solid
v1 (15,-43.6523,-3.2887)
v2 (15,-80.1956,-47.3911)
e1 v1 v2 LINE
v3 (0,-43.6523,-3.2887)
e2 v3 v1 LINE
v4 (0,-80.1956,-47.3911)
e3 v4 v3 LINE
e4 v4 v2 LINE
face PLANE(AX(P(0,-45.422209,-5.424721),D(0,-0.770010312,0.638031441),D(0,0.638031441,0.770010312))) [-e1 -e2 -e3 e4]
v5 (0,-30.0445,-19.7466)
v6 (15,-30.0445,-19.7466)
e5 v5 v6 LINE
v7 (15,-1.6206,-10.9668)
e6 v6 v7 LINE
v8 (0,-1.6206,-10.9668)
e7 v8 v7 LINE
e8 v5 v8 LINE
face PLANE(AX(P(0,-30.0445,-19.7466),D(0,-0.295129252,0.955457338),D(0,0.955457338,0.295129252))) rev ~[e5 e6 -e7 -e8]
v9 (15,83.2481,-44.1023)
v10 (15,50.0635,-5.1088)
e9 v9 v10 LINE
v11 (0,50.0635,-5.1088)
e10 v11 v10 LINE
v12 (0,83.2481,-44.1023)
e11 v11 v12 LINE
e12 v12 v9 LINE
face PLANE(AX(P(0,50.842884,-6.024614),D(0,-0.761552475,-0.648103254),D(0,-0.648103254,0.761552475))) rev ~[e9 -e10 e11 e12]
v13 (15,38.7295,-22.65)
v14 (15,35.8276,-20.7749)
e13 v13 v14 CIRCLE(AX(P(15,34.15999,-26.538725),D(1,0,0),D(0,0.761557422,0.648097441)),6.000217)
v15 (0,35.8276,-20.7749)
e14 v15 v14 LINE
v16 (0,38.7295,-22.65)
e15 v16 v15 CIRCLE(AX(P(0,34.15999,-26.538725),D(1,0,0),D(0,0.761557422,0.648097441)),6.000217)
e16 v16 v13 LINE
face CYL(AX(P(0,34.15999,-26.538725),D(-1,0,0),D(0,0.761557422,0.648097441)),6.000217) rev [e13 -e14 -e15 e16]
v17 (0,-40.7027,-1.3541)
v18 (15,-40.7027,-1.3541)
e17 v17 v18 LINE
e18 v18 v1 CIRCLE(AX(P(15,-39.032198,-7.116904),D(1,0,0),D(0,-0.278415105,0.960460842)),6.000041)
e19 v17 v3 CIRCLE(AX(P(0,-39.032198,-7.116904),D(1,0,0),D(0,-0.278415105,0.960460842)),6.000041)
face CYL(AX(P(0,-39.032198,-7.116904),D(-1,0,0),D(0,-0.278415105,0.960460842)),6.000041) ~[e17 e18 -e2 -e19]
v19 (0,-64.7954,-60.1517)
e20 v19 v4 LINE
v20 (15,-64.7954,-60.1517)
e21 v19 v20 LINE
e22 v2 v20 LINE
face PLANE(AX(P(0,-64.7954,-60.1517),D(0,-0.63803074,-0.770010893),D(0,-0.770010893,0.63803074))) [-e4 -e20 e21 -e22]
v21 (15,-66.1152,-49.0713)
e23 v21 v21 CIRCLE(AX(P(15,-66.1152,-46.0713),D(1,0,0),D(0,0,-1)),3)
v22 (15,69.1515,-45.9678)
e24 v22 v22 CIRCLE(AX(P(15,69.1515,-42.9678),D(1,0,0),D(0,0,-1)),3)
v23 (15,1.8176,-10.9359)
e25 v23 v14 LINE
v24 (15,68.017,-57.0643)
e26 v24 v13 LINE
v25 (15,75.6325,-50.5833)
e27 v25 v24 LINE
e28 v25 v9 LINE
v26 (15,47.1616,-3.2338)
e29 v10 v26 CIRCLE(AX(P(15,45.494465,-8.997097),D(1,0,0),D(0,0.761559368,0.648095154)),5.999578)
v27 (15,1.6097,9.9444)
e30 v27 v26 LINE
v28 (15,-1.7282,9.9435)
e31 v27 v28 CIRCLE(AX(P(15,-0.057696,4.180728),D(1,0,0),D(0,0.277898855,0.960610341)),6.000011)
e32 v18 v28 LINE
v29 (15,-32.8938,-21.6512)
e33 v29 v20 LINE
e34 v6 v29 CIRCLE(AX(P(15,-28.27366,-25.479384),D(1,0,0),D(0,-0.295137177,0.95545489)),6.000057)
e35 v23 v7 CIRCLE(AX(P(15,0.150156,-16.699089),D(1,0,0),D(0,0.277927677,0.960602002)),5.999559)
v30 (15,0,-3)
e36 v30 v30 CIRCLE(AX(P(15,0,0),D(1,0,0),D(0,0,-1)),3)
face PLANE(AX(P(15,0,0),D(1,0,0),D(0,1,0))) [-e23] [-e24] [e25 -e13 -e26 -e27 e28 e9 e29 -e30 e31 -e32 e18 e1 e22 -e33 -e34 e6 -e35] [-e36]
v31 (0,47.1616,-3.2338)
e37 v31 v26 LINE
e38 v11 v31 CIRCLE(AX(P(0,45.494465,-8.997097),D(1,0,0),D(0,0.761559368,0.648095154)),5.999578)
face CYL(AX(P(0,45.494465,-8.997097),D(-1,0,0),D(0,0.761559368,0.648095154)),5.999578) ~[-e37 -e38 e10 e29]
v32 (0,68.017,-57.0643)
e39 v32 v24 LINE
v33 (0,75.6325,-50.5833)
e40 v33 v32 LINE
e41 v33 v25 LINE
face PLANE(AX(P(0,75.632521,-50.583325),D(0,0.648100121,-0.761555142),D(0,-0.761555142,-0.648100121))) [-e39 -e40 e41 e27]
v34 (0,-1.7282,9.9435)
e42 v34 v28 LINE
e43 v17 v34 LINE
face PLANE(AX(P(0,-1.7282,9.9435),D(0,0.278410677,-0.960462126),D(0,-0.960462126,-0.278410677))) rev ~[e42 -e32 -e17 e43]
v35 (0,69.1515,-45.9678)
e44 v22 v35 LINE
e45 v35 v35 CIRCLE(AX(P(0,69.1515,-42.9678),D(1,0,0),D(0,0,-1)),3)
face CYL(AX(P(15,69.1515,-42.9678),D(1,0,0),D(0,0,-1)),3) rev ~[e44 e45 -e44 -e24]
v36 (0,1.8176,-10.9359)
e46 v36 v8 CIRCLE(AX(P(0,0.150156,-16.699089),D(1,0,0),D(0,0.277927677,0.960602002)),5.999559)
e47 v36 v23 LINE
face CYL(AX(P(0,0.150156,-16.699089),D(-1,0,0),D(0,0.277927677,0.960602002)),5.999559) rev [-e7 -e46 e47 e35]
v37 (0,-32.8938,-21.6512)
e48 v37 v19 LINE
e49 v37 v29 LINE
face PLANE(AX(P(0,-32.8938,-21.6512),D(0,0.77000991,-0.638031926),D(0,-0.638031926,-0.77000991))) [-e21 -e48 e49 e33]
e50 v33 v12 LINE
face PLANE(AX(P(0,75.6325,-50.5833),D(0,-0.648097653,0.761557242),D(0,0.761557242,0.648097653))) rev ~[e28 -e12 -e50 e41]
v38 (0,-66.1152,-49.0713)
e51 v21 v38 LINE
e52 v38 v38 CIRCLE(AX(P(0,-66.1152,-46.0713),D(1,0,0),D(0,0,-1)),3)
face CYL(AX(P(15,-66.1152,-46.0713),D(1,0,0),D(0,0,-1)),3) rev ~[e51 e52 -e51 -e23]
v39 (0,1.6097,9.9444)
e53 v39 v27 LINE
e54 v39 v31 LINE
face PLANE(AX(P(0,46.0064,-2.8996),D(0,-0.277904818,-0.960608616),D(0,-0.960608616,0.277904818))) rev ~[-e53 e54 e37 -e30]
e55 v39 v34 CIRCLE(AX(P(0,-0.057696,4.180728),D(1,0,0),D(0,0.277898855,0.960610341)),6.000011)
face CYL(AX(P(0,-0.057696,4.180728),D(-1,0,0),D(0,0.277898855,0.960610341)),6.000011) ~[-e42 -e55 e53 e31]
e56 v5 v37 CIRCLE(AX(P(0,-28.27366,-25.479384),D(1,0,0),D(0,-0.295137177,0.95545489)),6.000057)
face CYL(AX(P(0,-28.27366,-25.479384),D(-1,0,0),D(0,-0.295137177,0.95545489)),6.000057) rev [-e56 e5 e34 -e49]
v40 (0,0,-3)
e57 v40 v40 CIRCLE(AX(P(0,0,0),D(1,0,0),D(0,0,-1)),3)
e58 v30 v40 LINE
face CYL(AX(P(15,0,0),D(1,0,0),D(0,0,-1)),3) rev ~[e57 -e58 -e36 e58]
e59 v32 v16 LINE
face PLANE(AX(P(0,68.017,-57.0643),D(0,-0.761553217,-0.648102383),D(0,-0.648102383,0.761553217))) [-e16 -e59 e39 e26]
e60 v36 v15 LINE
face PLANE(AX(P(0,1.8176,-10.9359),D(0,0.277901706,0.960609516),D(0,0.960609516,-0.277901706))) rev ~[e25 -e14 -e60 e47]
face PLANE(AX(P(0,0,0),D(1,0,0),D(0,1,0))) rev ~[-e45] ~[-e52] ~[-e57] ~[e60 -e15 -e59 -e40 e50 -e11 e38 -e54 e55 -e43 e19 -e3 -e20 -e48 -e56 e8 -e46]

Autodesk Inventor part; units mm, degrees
ref_plane "YZ Plane" through (0, 0, 0) normal (1, 0, 0) x (0, 1, 0)
ref_plane "XZ Plane" through (0, 0, 0) normal (0, 1, 0) x (-1, 0, 0)
ref_plane "XY Plane" through (0, 0, 0) normal (0, 0, 1) x (1, 0, 0)
sketch "Sketch2" plane through (0, 0, 0) normal (1, 0, 0) x (0, 1, 0)
  circle A0 centre (0, 0) radius 3
  line L0 (0, 0) -> (-42.9956, -13.2808)
  line L1 (-42.9956, -13.2808) -> (-74.8971, -51.7814)
  line L2 (0, 0) -> (43.2274, -12.5056)
  line L3 (43.2274, -12.5056) -> (75.6325, -50.5833)
  line L4 (0, 0) -> (-2.961, 9.5861)
  line L5 (0, 0) -> (2.9513, -9.5546)
  line L6 (-42.9956, -13.2808) -> (-46.1884, -2.9442)
  line L7 (-42.9956, -13.2808) -> (-40.0443, -22.8354)
  line L8 (-1.7282, 9.9435) -> (-40.7027, -1.3541)
  line L9 (-30.0445, -19.7466) -> (-1.6206, -10.9668)
  line L10 (-42.9956, -13.2808) -> (-32.8938, -21.6512)
  line L11 (-42.9956, -13.2808) -> (-50.6957, -6.9005)
  line L12 (-32.8938, -21.6512) -> (-64.7954, -60.1517)
  line L13 (-64.7954, -60.1517) -> (-80.1956, -47.3911)
  line L14 (-80.1956, -47.3911) -> (-43.6523, -3.2887)
  line L15 (0, 0) -> (2.779, 9.6061)
  line L16 (0, 0) -> (-2.779, -9.6061)
  line L17 (43.2274, -12.5056) -> (46.0064, -2.8996)
  line L18 (46.0064, -2.8996) -> (40.4484, -22.1117)
  line L19 (1.8176, -10.9359) -> (35.8276, -20.7749)
  line L20 (47.1616, -3.2338) -> (1.6097, 9.9444)
  line L21 (43.2274, -12.5056) -> (50.8429, -6.0246)
  line L22 (43.2274, -12.5056) -> (35.6119, -18.9867)
  line L23 (75.6325, -50.5833) -> (83.2481, -44.1023)
  line L24 (83.2481, -44.1023) -> (68.017, -57.0643)
  line L25 (68.017, -57.0643) -> (38.7295, -22.65)
  line L26 (83.2481, -44.1023) -> (50.0635, -5.1088)
  arc A1 (-40.7027, -1.3541) -> (-43.6523, -3.2887) centre (-39.0322, -7.1169) ccw
  arc A2 (-30.0445, -19.7466) -> (-32.8938, -21.6512) centre (-28.2737, -25.4793) ccw
  arc A3 (1.6097, 9.9444) -> (-1.7282, 9.9435) centre (-0.0577, 4.1807) ccw
  arc A4 (1.8176, -10.9359) -> (-1.6206, -10.9668) centre (0.1501, -16.6995) ccw
  arc A5 (50.0635, -5.1088) -> (47.1616, -3.2338) centre (45.4942, -8.9974) ccw
  arc A6 (38.7295, -22.65) -> (35.8276, -20.7749) centre (34.1601, -26.5386) ccw
  point P0 (2.6602, -14.5039)
  point P1 (16.281, 0.1411)
  point P2 (-48.294, -8.8905)
  dimension "d37" = 6
  dimension "d38" = 45
  dimension "d39" = 10
  dimension "d40" = 20
  dimension "d41" = 50
  dimension "d42" = 10
  dimension "d43" = 10
  dimension "d44" = 10
  dimension "d45" = 20
  dimension "d46" = 10
  dimension "d47" = 10
  dimension "d48" = 10
  dimension "d49" = 20
  dimension "d50" = 6
  dimension "d51" = 6
  dimension "d52" = 50
  dimension "d53" = 10
  dimension "d54" = 1
  dimension "d55" = 33.466
  dimension "d56" = 66.767
  dimension "d57" = 99.956
  dimension "d58" = 75.5671
  dimension "d59" = 77.0952
  dimension "d60" = 22.3248
  dimension "d61" = 74.7699
  dimension "d62" = 42.1891
extrude "Extrusion1" add sketch "Sketch2" along normal blind 15
sketch "Sketch3" plane through (15, 0, 0) normal (1, 0, 0) x (0, 0, -1)
  circle A0 centre (0, 0) radius 3
  line L0 (47.3911, -80.1956) -> (60.1517, -64.7954) projected
  line L1 (3.2887, -43.6523) -> (47.3911, -80.1956) projected
  circle A1 centre (46.0713, -66.1152) radius 3
  line L2 (57.0643, 68.017) -> (44.1023, 83.2481) projected
  line L3 (44.1023, 83.2481) -> (5.1088, 50.0635) projected
  circle A2 centre (42.9678, 69.1515) radius 3
  dimension "d65" = 6
  dimension "d66" = 10
  dimension "d67" = 10
  dimension "d68" = 6
  dimension "d69" = 10
  dimension "d70" = 10
  dimension "d71" = 6
extrude "Extrusion2" cut sketch "Sketch3" against normal through all
properties part number "bogie2"
